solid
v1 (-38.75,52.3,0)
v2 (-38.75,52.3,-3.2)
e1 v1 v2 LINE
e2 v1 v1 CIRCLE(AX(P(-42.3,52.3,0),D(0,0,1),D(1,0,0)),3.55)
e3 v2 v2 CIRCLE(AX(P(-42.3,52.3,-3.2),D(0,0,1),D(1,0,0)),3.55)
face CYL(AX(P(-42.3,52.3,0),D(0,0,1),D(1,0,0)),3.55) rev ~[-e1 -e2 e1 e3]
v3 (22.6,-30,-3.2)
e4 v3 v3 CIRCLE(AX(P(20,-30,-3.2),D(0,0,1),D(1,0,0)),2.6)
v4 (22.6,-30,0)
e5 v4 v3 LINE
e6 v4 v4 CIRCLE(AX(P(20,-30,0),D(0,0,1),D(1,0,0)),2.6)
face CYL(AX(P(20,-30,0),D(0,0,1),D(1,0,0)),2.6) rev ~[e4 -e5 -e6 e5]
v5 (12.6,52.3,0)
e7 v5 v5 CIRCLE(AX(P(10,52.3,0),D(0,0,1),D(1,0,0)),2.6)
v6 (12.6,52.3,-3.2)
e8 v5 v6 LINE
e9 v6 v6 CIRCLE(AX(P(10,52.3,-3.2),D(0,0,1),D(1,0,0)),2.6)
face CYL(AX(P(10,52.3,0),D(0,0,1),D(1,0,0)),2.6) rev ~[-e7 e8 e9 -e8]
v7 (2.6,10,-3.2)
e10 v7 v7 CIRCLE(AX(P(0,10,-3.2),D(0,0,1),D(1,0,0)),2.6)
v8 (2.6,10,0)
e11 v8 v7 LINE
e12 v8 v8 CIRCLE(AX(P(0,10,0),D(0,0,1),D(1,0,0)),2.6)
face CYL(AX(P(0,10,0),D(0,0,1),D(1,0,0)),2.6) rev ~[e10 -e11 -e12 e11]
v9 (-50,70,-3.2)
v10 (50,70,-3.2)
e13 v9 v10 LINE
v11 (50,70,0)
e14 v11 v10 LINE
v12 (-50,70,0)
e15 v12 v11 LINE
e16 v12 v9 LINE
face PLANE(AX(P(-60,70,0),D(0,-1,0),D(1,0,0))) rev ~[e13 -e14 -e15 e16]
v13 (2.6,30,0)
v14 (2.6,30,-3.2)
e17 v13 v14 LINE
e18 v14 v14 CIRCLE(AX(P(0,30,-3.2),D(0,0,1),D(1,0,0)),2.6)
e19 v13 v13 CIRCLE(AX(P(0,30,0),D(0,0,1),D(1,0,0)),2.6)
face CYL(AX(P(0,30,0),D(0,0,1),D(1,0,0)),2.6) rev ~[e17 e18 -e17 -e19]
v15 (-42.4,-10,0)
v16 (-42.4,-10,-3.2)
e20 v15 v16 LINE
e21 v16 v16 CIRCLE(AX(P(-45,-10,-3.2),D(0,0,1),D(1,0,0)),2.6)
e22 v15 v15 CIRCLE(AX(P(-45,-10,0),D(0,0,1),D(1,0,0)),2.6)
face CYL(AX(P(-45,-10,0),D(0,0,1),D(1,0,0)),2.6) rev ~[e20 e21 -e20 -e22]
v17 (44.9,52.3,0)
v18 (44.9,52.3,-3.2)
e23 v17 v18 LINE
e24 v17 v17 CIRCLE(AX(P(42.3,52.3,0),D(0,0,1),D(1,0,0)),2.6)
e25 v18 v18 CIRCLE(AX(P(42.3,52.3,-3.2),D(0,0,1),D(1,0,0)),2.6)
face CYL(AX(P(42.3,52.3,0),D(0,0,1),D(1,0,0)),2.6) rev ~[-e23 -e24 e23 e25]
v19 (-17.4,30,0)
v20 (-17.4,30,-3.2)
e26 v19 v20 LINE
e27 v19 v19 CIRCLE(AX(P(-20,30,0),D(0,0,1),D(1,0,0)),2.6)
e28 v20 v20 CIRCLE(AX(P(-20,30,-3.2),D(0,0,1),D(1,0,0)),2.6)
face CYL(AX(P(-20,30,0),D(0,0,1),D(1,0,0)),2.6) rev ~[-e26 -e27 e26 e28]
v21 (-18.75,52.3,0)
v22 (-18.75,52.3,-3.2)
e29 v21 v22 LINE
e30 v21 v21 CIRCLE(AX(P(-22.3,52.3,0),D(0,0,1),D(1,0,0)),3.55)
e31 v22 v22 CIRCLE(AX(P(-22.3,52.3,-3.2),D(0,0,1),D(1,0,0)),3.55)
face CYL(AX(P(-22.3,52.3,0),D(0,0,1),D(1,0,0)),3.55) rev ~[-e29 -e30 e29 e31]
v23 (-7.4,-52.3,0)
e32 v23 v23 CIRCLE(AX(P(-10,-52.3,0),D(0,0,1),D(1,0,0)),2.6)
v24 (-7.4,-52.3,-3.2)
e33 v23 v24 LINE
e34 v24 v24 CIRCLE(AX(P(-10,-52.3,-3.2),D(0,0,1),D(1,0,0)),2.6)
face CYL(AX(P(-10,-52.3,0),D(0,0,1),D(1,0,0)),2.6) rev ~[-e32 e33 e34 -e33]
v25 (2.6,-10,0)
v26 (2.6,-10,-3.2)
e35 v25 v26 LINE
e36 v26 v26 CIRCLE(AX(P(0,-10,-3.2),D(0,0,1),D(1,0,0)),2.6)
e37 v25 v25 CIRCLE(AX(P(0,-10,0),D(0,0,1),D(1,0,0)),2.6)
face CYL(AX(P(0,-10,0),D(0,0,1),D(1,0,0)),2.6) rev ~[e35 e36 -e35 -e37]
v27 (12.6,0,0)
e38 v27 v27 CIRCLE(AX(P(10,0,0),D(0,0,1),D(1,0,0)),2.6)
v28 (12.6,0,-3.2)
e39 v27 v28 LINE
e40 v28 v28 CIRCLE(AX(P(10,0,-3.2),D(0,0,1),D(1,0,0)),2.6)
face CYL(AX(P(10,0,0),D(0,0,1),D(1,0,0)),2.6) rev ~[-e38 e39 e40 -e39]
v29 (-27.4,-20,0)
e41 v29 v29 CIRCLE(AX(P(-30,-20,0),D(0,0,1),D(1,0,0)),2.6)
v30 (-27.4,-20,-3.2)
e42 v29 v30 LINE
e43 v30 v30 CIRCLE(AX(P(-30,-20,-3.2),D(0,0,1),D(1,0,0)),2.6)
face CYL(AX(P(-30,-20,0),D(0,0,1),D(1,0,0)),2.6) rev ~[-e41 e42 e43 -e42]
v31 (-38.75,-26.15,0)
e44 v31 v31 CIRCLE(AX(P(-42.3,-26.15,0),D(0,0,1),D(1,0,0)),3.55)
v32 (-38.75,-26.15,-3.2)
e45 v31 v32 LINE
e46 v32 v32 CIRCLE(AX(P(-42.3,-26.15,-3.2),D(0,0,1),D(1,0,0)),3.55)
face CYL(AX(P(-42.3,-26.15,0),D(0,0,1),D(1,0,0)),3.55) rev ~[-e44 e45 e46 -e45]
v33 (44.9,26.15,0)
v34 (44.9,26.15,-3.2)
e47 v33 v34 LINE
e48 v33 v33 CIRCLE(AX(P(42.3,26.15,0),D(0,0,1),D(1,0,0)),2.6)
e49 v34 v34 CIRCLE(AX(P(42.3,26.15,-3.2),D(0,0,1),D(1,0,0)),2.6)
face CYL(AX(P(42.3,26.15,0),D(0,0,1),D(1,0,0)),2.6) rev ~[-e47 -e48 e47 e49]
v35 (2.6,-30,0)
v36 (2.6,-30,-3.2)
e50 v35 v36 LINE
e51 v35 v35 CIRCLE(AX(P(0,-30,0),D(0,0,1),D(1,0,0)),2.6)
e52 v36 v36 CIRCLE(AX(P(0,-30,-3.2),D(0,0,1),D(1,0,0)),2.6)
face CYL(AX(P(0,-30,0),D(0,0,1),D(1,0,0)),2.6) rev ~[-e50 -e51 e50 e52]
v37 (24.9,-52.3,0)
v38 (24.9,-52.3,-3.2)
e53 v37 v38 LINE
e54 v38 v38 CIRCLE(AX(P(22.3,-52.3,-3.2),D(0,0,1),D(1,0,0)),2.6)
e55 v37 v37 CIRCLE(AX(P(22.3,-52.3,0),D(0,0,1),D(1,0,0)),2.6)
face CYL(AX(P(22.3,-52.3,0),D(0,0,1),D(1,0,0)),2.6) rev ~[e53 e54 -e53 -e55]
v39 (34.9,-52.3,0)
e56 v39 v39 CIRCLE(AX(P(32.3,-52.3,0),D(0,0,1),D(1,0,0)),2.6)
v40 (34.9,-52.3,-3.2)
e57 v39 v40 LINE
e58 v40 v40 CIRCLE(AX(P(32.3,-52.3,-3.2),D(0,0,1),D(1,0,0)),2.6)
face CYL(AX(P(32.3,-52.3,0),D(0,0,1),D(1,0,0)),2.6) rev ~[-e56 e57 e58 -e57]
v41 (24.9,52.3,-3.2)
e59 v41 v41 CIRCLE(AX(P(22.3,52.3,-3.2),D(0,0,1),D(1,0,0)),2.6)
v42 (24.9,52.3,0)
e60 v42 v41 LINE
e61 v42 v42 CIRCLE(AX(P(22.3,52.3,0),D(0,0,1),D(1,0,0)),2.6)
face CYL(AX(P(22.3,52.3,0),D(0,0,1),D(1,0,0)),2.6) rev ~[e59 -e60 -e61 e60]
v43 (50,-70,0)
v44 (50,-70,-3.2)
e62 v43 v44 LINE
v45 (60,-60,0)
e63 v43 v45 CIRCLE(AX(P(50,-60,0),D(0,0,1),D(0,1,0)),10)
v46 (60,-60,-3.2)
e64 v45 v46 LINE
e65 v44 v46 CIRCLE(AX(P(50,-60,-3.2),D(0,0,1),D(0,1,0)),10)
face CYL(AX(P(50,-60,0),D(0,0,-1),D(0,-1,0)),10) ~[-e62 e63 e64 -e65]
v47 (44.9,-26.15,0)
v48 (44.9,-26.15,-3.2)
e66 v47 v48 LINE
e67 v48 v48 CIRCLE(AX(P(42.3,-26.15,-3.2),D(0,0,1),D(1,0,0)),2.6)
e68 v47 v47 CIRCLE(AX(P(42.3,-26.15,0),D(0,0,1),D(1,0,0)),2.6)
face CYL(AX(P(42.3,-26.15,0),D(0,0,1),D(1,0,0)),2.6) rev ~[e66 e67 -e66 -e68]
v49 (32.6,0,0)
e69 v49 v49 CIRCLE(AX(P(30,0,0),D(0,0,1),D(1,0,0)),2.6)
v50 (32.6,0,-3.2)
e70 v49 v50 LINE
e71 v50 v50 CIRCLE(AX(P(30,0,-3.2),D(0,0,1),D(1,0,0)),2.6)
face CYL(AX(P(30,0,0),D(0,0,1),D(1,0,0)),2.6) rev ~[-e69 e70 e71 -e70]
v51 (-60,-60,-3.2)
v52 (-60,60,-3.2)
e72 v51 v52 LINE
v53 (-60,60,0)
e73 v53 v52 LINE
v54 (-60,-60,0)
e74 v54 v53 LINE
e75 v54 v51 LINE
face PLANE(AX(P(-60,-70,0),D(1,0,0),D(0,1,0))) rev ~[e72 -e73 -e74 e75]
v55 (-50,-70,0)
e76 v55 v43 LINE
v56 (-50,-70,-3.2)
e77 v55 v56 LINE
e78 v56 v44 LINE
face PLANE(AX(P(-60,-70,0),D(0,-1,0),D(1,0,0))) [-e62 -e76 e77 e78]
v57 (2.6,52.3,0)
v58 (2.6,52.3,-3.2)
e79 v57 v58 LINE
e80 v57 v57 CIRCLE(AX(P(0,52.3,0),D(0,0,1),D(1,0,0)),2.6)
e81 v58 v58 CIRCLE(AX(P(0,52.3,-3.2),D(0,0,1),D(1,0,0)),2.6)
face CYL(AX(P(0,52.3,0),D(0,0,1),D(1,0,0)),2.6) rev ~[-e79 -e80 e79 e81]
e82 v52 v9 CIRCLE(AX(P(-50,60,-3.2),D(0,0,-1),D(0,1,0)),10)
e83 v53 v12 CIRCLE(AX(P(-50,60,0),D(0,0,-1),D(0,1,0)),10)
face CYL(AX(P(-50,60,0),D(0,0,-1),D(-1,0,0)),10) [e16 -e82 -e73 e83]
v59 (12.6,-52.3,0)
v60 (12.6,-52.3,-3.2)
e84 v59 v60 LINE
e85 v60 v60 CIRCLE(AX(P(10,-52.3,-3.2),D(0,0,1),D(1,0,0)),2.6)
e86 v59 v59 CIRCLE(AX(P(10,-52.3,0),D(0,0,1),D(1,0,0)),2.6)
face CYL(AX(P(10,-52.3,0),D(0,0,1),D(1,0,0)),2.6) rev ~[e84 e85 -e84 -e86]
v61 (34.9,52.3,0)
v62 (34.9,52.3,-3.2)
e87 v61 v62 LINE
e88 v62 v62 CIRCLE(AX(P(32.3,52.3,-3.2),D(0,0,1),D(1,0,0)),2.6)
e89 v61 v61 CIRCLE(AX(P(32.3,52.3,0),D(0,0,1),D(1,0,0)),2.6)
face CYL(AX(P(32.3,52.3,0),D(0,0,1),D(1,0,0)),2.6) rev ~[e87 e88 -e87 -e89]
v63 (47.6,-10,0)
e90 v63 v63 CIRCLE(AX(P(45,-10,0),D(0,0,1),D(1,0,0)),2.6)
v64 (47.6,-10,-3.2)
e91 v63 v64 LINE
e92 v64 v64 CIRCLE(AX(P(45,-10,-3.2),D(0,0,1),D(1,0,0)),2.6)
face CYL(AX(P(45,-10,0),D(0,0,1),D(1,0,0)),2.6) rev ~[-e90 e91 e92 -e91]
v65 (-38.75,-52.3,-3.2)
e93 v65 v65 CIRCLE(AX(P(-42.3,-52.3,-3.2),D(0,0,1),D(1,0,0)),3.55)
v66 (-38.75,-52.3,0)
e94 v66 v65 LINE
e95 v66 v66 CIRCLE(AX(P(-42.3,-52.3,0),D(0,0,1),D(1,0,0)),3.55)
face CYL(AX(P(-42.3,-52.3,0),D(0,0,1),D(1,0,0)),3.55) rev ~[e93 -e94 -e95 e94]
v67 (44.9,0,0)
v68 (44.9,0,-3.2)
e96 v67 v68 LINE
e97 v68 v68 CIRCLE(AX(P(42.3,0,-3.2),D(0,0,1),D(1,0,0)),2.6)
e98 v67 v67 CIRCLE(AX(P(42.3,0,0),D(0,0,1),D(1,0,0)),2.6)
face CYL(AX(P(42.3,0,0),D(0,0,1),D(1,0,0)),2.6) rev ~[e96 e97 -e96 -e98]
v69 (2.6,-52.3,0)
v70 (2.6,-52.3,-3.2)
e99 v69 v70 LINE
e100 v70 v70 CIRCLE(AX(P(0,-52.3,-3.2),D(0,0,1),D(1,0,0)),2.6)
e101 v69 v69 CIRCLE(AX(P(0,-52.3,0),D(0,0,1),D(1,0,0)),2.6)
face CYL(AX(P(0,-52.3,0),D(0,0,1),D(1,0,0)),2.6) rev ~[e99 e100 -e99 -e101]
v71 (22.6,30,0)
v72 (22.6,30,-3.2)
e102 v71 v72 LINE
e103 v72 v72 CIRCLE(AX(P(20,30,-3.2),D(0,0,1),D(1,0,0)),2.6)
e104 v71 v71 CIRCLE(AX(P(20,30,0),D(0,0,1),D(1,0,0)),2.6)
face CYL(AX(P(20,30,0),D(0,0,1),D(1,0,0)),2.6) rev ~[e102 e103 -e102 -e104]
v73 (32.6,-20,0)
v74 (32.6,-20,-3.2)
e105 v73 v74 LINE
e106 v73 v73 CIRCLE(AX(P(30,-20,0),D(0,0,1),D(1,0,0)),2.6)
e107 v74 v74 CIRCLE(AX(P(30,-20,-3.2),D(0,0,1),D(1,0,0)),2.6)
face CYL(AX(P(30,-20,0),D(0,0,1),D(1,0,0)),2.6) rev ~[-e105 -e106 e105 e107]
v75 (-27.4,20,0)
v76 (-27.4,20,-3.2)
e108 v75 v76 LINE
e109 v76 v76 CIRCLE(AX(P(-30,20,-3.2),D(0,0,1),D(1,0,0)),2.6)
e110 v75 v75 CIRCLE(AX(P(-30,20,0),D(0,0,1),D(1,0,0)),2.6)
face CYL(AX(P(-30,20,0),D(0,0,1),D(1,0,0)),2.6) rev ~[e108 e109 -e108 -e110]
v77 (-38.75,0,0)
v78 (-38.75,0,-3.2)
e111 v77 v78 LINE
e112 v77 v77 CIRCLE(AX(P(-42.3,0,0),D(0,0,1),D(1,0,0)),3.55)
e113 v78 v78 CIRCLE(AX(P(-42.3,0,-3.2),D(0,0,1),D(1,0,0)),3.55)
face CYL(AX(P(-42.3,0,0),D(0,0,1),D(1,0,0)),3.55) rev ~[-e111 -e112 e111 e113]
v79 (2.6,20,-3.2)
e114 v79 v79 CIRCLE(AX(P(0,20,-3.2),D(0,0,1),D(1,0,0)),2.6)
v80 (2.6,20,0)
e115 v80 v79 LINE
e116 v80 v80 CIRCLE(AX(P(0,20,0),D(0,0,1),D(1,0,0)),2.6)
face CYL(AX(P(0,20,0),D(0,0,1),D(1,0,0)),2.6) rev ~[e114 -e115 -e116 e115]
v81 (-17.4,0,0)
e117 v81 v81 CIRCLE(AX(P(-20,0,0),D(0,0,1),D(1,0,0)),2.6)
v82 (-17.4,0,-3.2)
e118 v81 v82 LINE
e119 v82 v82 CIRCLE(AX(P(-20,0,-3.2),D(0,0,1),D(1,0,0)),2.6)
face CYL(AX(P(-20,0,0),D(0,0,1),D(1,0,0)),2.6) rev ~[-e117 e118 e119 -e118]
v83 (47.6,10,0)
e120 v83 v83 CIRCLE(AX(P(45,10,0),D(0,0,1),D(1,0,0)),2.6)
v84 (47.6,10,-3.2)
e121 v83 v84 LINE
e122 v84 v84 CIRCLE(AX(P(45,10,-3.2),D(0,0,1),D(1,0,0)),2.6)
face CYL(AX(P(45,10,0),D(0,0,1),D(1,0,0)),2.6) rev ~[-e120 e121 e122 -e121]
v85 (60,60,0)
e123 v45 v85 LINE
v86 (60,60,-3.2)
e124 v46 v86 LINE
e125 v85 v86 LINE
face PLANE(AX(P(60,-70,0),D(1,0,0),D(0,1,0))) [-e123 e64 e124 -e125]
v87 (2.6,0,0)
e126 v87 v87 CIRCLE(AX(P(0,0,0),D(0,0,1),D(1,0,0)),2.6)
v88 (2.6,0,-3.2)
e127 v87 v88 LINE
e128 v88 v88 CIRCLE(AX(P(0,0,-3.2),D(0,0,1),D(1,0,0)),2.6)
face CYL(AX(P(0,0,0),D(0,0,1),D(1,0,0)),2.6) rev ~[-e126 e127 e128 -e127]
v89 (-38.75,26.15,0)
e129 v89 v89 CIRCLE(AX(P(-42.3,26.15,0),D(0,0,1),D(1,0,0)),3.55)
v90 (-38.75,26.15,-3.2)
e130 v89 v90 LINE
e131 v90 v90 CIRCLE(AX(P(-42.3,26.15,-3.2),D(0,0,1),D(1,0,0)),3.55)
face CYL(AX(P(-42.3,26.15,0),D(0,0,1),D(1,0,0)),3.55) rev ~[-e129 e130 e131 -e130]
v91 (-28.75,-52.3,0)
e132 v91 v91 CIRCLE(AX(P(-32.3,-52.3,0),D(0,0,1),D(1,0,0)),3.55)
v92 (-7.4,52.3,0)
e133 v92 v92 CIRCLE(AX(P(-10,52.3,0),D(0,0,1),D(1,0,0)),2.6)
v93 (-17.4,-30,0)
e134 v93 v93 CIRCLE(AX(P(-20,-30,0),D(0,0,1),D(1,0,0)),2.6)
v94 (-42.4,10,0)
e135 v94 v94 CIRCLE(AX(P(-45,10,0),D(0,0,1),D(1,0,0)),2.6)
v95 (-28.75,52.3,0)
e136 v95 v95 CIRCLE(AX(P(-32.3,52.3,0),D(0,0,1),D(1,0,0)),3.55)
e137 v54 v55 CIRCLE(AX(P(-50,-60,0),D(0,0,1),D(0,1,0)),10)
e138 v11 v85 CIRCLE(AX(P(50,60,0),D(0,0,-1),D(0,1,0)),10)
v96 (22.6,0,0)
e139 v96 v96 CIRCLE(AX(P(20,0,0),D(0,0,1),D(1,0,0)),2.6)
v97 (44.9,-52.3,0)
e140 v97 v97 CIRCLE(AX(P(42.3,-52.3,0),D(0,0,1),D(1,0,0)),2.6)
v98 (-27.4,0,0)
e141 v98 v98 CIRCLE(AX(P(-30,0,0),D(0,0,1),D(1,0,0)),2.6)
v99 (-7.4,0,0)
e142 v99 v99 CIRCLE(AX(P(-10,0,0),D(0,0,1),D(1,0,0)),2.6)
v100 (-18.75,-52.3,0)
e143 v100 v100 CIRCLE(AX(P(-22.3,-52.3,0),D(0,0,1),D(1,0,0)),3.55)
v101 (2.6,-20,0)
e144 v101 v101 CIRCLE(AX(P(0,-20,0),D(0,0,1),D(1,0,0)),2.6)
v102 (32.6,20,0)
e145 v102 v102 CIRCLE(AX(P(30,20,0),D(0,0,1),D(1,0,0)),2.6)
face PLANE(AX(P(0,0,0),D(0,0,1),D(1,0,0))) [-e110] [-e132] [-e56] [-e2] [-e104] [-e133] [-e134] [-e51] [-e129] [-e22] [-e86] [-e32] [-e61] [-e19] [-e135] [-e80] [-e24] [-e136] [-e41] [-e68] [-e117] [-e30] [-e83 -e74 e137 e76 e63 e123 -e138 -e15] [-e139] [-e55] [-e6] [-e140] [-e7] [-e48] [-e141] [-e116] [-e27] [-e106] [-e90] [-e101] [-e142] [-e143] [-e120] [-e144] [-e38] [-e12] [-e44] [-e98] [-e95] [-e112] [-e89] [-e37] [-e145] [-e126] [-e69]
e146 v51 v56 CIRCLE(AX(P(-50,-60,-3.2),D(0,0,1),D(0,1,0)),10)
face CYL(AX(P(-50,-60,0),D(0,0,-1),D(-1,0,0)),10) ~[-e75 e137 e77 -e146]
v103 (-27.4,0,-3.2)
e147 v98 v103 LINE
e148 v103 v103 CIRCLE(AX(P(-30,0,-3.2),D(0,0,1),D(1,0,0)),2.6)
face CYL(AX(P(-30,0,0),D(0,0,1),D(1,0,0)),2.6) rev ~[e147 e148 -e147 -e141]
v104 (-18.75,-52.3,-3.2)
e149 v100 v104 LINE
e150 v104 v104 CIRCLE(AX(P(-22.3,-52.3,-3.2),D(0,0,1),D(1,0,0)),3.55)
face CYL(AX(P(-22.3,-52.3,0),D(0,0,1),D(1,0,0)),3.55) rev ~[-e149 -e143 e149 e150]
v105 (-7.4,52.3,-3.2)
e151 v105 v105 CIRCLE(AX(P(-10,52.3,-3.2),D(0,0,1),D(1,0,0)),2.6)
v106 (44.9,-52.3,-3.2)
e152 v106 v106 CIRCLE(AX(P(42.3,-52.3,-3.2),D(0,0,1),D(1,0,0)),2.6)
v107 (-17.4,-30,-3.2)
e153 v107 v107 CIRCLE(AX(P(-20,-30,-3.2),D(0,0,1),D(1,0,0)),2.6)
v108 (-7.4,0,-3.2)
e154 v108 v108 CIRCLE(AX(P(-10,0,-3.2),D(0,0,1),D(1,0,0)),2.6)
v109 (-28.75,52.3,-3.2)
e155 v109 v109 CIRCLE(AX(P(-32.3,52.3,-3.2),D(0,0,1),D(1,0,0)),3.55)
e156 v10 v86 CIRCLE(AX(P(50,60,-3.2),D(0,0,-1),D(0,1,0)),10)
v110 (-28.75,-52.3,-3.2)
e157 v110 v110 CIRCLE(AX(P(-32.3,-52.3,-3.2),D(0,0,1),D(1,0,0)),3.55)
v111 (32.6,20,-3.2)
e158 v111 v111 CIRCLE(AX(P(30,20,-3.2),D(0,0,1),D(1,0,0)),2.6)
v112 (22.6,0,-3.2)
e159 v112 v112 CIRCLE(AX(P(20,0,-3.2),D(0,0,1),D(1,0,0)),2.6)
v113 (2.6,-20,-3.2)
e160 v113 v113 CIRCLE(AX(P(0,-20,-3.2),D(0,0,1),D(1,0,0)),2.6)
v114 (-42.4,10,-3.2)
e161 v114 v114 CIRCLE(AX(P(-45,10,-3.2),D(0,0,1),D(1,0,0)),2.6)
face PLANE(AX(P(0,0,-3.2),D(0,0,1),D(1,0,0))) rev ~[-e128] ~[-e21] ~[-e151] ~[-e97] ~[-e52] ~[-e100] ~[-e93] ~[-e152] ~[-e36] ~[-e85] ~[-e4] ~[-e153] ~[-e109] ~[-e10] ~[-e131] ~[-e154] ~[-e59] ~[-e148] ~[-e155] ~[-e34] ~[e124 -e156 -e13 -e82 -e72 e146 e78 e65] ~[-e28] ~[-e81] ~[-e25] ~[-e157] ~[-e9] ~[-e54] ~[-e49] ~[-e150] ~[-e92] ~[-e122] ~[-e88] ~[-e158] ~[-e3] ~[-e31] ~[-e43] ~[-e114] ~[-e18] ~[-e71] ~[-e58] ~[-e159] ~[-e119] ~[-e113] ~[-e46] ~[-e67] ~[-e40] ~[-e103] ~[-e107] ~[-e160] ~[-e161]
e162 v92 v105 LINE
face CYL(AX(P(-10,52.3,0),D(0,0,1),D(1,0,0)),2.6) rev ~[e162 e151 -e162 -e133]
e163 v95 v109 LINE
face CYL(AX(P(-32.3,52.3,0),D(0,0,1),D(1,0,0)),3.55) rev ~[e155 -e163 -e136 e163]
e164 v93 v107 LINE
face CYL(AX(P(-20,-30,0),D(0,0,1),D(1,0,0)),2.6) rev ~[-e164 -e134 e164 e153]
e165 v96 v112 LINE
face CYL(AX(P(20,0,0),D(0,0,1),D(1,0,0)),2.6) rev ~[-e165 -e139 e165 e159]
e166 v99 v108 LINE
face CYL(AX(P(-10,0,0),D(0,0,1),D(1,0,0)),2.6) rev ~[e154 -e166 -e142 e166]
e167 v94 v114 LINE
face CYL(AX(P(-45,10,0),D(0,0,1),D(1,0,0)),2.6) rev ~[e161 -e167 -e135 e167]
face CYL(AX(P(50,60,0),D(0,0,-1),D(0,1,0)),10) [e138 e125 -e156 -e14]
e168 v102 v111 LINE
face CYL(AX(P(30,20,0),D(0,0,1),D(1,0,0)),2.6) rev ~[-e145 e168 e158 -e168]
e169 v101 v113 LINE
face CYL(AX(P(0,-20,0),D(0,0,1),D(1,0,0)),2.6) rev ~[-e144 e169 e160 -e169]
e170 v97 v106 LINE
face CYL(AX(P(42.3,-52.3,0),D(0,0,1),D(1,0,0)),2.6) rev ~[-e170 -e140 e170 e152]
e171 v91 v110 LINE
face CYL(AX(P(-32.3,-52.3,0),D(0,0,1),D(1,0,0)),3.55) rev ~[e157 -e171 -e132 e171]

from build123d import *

# Parameters (mm, degrees)
SKETCH1_W           = 120
SKETCH1_H           = 140
SKETCH1_R           = 2.6
SKETCH1_R_2         = 3.55
BOSS_EXTRUDE1_DEPTH = 3.2
FILLET1_R           = 10


with BuildPart() as part:
    # Sketch1 → Boss-Extrude1 (new body)
    with BuildSketch(Plane.XY):
        Rectangle(SKETCH1_W, SKETCH1_H)
        Circle(SKETCH1_R, mode=Mode.SUBTRACT)
        with Locations((10, 0)):
            Circle(SKETCH1_R, mode=Mode.SUBTRACT)
        with Locations((20, 0)):
            Circle(SKETCH1_R, mode=Mode.SUBTRACT)
        with Locations((30, 0)):
            Circle(SKETCH1_R, mode=Mode.SUBTRACT)
        with Locations((-10, 0)):
            Circle(SKETCH1_R, mode=Mode.SUBTRACT)
        with Locations((-20, 0)):
            Circle(SKETCH1_R, mode=Mode.SUBTRACT)
        with Locations((-30, 0)):
            Circle(SKETCH1_R, mode=Mode.SUBTRACT)
        with Locations((0, 10)):
            Circle(SKETCH1_R, mode=Mode.SUBTRACT)
        with Locations((0, 20)):
            Circle(SKETCH1_R, mode=Mode.SUBTRACT)
        with Locations((0, 30)):
            Circle(SKETCH1_R, mode=Mode.SUBTRACT)
        with Locations((0, -10)):
            Circle(SKETCH1_R, mode=Mode.SUBTRACT)
        with Locations((0, -20)):
            Circle(SKETCH1_R, mode=Mode.SUBTRACT)
        with Locations((0, -30)):
            Circle(SKETCH1_R, mode=Mode.SUBTRACT)
        with Locations((42.3, 0)):
            Circle(SKETCH1_R, mode=Mode.SUBTRACT)
        with Locations((-42.3, 0)):
            Circle(SKETCH1_R_2, mode=Mode.SUBTRACT)
        with Locations((-42.3, 26.15)):
            Circle(SKETCH1_R_2, mode=Mode.SUBTRACT)
        with Locations((-42.3, 52.3)):
            Circle(SKETCH1_R_2, mode=Mode.SUBTRACT)
        with Locations((-42.3, -26.15)):
            Circle(SKETCH1_R_2, mode=Mode.SUBTRACT)
        with Locations((-42.3, -52.3)):
            Circle(SKETCH1_R_2, mode=Mode.SUBTRACT)
        with Locations((42.3, 26.15)):
            Circle(SKETCH1_R, mode=Mode.SUBTRACT)
        with Locations((42.3, 52.3)):
            Circle(SKETCH1_R, mode=Mode.SUBTRACT)
        with Locations((42.3, -26.15)):
            Circle(SKETCH1_R, mode=Mode.SUBTRACT)
        with Locations((42.3, -52.3)):
            Circle(SKETCH1_R, mode=Mode.SUBTRACT)
        with Locations((-32.3, 52.3)):
            Circle(SKETCH1_R_2, mode=Mode.SUBTRACT)
        with Locations((-22.3, 52.3)):
            Circle(SKETCH1_R_2, mode=Mode.SUBTRACT)
        with Locations((-32.3, -52.3)):
            Circle(SKETCH1_R_2, mode=Mode.SUBTRACT)
        with Locations((-22.3, -52.3)):
            Circle(SKETCH1_R_2, mode=Mode.SUBTRACT)
        with Locations((32.3, 52.3)):
            Circle(SKETCH1_R, mode=Mode.SUBTRACT)
        with Locations((22.3, 52.3)):
            Circle(SKETCH1_R, mode=Mode.SUBTRACT)
        with Locations((32.3, -52.3)):
            Circle(SKETCH1_R, mode=Mode.SUBTRACT)
        with Locations((22.3, -52.3)):
            Circle(SKETCH1_R, mode=Mode.SUBTRACT)
        with Locations((0, 52.3)):
            Circle(SKETCH1_R, mode=Mode.SUBTRACT)
        with Locations((10, 52.3)):
            Circle(SKETCH1_R, mode=Mode.SUBTRACT)
        with Locations((-10, 52.3)):
            Circle(SKETCH1_R, mode=Mode.SUBTRACT)
        with Locations((-20, 30)):
            Circle(SKETCH1_R, mode=Mode.SUBTRACT)
        with Locations((20, 30)):
            Circle(SKETCH1_R, mode=Mode.SUBTRACT)
        with Locations((-30, 20)):
            Circle(SKETCH1_R, mode=Mode.SUBTRACT)
        with Locations((30, 20)):
            Circle(SKETCH1_R, mode=Mode.SUBTRACT)
        with Locations((-45, 10)):
            Circle(SKETCH1_R, mode=Mode.SUBTRACT)
        with Locations((45, 10)):
            Circle(SKETCH1_R, mode=Mode.SUBTRACT)
        with Locations((45, -10)):
            Circle(SKETCH1_R, mode=Mode.SUBTRACT)
        with Locations((30, -20)):
            Circle(SKETCH1_R, mode=Mode.SUBTRACT)
        with Locations((20, -30)):
            Circle(SKETCH1_R, mode=Mode.SUBTRACT)
        with Locations((10, -52.3)):
            Circle(SKETCH1_R, mode=Mode.SUBTRACT)
        with Locations((0, -52.3)):
            Circle(SKETCH1_R, mode=Mode.SUBTRACT)
        with Locations((-10, -52.3)):
            Circle(SKETCH1_R, mode=Mode.SUBTRACT)
        with Locations((-20, -30)):
            Circle(SKETCH1_R, mode=Mode.SUBTRACT)
        with Locations((-30, -20)):
            Circle(SKETCH1_R, mode=Mode.SUBTRACT)
        with Locations((-45, -10)):
            Circle(SKETCH1_R, mode=Mode.SUBTRACT)
    extrude(amount=-BOSS_EXTRUDE1_DEPTH)

    # Fillet1
    fillet1_edges = [part.edges().sort_by_distance(p)[0] for p in [
        (60, -70, -1.6),
        (-60, -70, -1.6),
        (-60, 70, -1.6),
        (60, 70, -1.6),
    ]]
    fillet(fillet1_edges, radius=FILLET1_R)


solid = part.part
